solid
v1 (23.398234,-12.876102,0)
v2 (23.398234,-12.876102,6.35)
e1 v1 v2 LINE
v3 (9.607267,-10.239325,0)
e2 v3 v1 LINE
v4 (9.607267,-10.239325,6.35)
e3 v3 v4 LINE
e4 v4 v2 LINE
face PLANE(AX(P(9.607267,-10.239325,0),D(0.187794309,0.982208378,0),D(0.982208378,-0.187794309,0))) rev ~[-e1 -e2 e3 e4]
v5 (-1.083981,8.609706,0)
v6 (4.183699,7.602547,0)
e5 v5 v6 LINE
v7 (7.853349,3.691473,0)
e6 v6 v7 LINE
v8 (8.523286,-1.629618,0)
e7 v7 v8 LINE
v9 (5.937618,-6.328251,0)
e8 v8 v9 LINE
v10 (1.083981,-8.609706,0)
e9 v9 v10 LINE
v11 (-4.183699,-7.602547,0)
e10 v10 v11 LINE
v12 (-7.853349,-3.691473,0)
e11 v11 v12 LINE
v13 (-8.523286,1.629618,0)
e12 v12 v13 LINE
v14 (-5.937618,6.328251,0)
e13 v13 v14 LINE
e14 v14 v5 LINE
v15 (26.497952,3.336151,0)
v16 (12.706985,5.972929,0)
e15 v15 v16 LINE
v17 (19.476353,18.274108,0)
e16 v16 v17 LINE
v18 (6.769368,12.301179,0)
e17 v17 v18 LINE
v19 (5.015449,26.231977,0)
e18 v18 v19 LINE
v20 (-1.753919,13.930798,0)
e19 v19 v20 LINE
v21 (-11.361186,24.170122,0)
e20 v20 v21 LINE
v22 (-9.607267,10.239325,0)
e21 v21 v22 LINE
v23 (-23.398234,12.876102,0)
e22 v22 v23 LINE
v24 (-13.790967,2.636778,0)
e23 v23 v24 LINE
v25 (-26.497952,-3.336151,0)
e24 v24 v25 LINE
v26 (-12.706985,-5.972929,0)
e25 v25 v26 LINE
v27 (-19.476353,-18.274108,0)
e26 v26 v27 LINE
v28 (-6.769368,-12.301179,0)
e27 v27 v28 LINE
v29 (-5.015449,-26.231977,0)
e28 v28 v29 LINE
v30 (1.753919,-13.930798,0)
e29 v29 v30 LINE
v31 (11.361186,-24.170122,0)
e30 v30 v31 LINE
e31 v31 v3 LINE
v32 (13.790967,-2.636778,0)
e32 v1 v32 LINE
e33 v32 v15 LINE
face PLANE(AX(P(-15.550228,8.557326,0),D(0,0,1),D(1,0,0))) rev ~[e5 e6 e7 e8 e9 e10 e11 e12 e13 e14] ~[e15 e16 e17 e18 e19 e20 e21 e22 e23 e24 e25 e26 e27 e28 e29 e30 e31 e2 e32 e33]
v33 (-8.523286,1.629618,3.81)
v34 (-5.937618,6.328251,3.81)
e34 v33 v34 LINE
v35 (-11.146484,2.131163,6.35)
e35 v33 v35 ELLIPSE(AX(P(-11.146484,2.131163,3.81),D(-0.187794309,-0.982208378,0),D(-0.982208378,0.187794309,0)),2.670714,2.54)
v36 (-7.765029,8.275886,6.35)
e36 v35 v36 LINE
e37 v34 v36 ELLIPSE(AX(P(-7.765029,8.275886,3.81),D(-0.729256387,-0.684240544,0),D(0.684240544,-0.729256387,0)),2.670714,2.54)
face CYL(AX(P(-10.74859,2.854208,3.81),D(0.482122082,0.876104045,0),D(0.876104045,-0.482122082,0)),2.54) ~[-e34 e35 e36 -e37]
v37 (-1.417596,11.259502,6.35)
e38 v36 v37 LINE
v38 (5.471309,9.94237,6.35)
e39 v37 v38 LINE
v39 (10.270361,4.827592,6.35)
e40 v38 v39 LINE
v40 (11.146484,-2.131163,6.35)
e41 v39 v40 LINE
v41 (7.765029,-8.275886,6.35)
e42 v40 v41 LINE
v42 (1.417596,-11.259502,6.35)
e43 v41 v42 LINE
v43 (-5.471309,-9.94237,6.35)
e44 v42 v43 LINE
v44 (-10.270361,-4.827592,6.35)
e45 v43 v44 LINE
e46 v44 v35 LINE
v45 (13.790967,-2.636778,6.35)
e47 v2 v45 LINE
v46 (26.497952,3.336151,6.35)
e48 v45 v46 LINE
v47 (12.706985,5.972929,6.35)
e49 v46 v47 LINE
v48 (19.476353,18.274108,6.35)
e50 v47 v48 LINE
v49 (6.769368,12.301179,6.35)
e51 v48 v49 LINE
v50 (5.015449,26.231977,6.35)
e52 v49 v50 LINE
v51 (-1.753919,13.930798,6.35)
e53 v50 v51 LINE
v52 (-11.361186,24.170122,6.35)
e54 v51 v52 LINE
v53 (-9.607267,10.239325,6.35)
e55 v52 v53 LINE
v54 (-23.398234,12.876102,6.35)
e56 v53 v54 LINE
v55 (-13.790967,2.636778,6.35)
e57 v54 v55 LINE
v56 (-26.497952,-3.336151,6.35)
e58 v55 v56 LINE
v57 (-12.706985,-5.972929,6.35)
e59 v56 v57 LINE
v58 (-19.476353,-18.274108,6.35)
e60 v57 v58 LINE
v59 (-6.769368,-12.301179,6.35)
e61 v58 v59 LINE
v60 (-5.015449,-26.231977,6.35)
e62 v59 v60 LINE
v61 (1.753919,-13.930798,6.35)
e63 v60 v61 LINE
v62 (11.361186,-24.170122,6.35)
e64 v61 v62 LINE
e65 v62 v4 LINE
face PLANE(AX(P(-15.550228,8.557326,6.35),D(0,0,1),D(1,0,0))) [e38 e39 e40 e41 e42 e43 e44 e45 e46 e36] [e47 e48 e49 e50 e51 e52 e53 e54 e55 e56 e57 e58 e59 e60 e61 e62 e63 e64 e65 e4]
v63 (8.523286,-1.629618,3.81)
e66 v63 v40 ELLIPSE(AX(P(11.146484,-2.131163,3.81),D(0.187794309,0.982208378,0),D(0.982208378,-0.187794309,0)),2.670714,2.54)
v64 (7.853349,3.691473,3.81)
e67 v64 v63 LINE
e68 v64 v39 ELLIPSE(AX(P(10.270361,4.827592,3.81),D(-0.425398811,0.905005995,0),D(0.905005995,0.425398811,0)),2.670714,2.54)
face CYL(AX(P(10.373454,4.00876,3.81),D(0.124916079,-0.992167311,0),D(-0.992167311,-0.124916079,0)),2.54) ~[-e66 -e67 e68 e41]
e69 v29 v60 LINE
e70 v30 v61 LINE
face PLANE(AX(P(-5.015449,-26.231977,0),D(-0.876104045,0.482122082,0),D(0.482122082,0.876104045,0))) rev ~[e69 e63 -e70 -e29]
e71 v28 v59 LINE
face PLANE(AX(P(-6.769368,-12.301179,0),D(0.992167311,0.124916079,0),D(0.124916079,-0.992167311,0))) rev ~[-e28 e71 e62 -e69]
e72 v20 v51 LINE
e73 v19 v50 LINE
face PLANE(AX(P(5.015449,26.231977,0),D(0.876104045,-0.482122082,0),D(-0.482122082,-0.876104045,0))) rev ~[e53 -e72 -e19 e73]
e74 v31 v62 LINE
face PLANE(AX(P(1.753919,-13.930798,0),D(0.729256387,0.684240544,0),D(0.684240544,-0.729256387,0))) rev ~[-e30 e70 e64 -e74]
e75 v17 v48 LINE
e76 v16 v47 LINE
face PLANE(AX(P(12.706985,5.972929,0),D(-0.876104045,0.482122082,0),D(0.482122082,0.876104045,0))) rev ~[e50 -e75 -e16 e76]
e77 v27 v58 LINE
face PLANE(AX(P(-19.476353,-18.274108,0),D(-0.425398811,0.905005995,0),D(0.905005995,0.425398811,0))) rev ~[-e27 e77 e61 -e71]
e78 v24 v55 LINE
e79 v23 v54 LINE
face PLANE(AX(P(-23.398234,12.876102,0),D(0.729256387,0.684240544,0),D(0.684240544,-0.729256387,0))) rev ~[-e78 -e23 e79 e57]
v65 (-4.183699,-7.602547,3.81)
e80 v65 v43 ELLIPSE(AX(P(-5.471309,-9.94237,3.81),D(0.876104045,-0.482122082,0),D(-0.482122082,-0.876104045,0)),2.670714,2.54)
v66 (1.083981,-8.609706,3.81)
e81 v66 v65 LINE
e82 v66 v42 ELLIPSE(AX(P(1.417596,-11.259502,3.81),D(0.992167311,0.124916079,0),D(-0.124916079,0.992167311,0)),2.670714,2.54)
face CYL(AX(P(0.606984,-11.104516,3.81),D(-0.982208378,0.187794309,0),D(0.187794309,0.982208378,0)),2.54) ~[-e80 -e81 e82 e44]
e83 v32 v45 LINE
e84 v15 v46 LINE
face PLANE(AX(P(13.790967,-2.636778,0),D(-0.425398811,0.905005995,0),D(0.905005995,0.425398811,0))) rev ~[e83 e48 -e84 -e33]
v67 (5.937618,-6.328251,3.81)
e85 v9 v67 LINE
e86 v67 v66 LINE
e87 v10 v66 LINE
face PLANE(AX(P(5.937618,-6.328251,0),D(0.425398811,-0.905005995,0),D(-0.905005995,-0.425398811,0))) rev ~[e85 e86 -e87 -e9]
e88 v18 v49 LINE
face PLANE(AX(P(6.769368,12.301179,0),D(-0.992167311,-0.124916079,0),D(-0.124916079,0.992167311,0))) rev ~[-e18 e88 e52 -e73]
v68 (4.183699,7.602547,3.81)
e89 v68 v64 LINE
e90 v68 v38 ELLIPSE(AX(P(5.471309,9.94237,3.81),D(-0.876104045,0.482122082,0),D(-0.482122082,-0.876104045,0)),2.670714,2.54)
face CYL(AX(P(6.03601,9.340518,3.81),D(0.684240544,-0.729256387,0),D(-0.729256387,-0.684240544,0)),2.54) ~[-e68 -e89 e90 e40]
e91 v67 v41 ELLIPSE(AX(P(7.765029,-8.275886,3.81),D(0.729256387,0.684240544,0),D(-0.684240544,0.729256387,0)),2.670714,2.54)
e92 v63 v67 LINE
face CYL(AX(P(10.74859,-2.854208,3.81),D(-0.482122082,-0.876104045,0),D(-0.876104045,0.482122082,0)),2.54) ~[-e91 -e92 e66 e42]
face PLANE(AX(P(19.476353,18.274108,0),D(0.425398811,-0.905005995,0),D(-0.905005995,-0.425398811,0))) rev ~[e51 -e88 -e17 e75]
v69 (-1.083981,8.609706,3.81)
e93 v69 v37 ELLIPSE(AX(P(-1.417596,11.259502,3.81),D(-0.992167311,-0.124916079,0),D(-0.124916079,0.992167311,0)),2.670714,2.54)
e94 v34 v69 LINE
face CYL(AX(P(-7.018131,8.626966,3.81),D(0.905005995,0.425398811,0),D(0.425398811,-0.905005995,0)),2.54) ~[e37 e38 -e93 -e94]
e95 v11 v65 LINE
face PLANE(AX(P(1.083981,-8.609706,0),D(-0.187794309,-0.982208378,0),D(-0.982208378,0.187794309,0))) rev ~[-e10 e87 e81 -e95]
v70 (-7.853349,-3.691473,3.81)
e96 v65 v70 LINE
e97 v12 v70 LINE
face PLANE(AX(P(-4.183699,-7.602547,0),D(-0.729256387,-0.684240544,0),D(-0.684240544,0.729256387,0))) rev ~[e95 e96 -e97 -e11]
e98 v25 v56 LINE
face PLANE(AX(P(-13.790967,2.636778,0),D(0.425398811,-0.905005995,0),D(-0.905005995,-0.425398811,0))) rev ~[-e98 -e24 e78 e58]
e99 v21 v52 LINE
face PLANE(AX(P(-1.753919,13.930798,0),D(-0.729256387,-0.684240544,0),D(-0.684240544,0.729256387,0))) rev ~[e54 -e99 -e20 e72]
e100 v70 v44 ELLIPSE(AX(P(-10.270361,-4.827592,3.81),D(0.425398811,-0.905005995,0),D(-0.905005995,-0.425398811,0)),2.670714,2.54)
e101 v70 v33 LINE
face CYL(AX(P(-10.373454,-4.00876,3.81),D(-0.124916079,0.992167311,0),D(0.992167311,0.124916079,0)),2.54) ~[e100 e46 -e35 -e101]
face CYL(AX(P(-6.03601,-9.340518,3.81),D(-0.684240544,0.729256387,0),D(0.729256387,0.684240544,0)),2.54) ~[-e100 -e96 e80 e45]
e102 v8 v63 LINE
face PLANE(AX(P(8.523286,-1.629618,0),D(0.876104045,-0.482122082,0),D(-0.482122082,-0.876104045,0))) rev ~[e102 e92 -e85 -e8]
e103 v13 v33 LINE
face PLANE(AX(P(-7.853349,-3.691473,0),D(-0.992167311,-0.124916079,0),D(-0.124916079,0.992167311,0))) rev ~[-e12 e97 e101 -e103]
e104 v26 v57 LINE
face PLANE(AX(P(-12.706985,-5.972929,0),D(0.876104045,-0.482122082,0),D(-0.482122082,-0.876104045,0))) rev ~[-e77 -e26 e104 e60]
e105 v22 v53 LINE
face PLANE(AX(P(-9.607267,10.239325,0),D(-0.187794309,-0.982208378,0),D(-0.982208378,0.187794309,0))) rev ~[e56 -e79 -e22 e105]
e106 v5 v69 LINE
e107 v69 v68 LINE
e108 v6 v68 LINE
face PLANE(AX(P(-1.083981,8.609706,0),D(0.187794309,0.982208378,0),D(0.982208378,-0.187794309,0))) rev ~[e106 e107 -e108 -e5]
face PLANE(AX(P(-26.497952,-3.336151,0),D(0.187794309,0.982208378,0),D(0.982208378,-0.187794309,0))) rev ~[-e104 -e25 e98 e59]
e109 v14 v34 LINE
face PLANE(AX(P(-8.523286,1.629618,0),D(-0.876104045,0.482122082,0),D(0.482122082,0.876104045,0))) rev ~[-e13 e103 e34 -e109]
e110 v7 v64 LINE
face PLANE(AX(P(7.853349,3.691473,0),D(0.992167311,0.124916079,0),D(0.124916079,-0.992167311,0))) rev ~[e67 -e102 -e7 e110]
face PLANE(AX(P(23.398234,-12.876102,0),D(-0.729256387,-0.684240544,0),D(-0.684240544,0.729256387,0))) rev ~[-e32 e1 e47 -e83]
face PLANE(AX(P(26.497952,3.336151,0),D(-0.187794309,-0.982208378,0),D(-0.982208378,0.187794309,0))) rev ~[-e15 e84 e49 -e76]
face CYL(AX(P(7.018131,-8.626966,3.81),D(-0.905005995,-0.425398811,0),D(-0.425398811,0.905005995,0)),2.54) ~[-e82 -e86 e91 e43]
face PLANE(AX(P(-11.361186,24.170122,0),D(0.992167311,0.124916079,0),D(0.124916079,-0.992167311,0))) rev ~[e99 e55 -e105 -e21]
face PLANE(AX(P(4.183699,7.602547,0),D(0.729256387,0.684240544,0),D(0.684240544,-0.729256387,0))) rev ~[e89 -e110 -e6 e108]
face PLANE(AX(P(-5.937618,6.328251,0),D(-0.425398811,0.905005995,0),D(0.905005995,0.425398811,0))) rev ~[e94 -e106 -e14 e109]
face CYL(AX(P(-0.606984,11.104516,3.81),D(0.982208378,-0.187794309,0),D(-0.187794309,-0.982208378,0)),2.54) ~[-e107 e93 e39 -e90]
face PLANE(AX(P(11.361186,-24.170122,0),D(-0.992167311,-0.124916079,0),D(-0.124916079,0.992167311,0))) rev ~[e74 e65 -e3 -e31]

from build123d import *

# Parameters (mm, degrees)
F1_DEPTH = 6.35
F2_R     = 2.54


with BuildPart() as f1:
    # F0 (on Top) → F1 (new body)
    with BuildSketch(Plane.XY):
        Polygon((-9.6072673019, 10.2393246088), (-23.3982338171, 12.8761021934), (-13.7909665152, 2.6367775846), (-8.9373300414, 4.9182333953), align=None)
        Polygon((-8.9373300414, 4.9182333953), (-13.7909665152, 2.6367775846), (-10.1213169449, -1.2742963942), (-8.5232860441, 1.629618168), align=None)
        Polygon((-13.7909665152, 2.6367775846), (-26.4979517727, -3.3361512716), (-12.7069852575, -5.9729288562), (-10.1213169449, -1.2742963942), align=None)
        Polygon((-12.7069852575, -5.9729288562), (-19.4763527833, -18.2741083425), (-6.7693675259, -12.3011794863), (-7.4393047864, -6.9800882727), align=None)
        Polygon((-6.7693675259, -12.3011794863), (-5.0154490076, -26.2319771406), (1.7539185182, -13.9307976543), (-1.9157310521, -10.0197236756), align=None)
        Polygon((1.7539185182, -13.9307976543), (11.3611858201, -24.1701222631), (9.6072673019, -10.2393246088), (4.3395868308, -9.2321651923), align=None)
        Polygon((9.6072673019, -10.2393246088), (23.3982338171, -12.8761021934), (13.7909665152, -2.6367775846), (8.9373300414, -4.9182333953), align=None)
        Polygon((13.7909665152, -2.6367775846), (26.4979517727, 3.3361512716), (12.7069852575, 5.9729288562), (10.1213169449, 1.2742963942), align=None)
        Polygon((12.7069852575, 5.9729288562), (19.4763527833, 18.2741083425), (6.7693675259, 12.3011794863), (7.4393047864, 6.9800882727), align=None)
        Polygon((6.7693675259, 12.3011794863), (5.0154490076, 26.2319771406), (-1.7539185182, 13.9307976543), (1.9157310521, 10.0197236756), align=None)
        Polygon((-1.7539185182, 13.9307976543), (-11.3611858201, 24.1701222631), (-9.6072673019, 10.2393246088), (-4.3395868308, 9.2321651923), align=None)
        Polygon((-4.3395868308, 9.2321651923), (-9.6072673019, 10.2393246088), (-8.9373300414, 4.9182333953), (-5.9376177316, 6.3282506301), align=None)
        Polygon((1.9157310521, 10.0197236756), (-1.7539185182, 13.9307976543), (-4.3395868308, 9.2321651923), (-1.0839812578, 8.6097064408), align=None)
        Polygon((7.4393047864, 6.9800882727), (6.7693675259, 12.3011794863), (1.9157310521, 10.0197236756), (4.1836992133, 7.6025470242), align=None)
        Polygon((10.1213169449, 1.2742963942), (12.7069852575, 5.9729288562), (7.4393047864, 6.9800882727), (7.8533487837, 3.6914730455), align=None)
        Polygon((4.3395868308, -9.2321651923), (9.6072673019, -10.2393246088), (8.9373300414, -4.9182333953), (5.9376177316, -6.3282506301), align=None)
        Polygon((-1.9157310521, -10.0197236756), (1.7539185182, -13.9307976543), (4.3395868308, -9.2321651923), (1.0839812578, -8.6097064408), align=None)
        Polygon((-7.4393047864, -6.9800882727), (-6.7693675259, -12.3011794863), (-1.9157310521, -10.0197236756), (-4.1836992133, -7.6025470242), align=None)
        Polygon((-10.1213169449, -1.2742963942), (-12.7069852575, -5.9729288562), (-7.4393047864, -6.9800882727), (-7.8533487837, -3.6914730455), align=None)
        Polygon((-4.1836992133, -7.6025470242), (-1.9157310521, -10.0197236756), (1.0839812578, -8.6097064408), align=None)
        Polygon((1.0839812578, -8.6097064408), (4.3395868308, -9.2321651923), (5.9376177316, -6.3282506301), align=None)
        Polygon((5.9376177316, -6.3282506301), (8.9373300414, -4.9182333953), (8.5232860441, -1.629618168), align=None)
        Polygon((7.8533487837, 3.6914730455), (7.4393047864, 6.9800882727), (4.1836992133, 7.6025470242), align=None)
        Polygon((8.9373300414, -4.9182333953), (13.7909665152, -2.6367775846), (10.1213169449, 1.2742963942), (8.5232860441, -1.629618168), align=None)
        Polygon((8.5232860441, -1.629618168), (10.1213169449, 1.2742963942), (7.8533487837, 3.6914730455), align=None)
        Polygon((4.1836992133, 7.6025470242), (1.9157310521, 10.0197236756), (-1.0839812578, 8.6097064408), align=None)
        Polygon((-1.0839812578, 8.6097064408), (-4.3395868308, 9.2321651923), (-5.9376177316, 6.3282506301), align=None)
        Polygon((-8.5232860441, 1.629618168), (-10.1213169449, -1.2742963942), (-7.8533487837, -3.6914730455), align=None)
        Polygon((-7.8533487837, -3.6914730455), (-7.4393047864, -6.9800882727), (-4.1836992133, -7.6025470242), align=None)
        Polygon((-5.9376177316, 6.3282506301), (-8.9373300414, 4.9182333953), (-8.5232860441, 1.629618168), align=None)
    extrude(amount=F1_DEPTH)

    # F2
    f2_edges = [f1.edges().sort_by_distance(p)[0] for p in [
        (6.018524, 5.64701, 6.35),
        (8.188317, 1.030927, 6.35),
        (-1.549859, -8.106127, 6.35),
        (-6.018524, -5.64701, 6.35),
        (-8.188317, -1.030927, 6.35),
        (-3.510799, 7.468979, 6.35),
        (1.549859, 8.106127, 6.35),
        (3.510799, -7.468979, 6.35),
        (7.230452, -3.978934, 6.35),
        (-7.230452, 3.978934, 6.35),
    ]]
    fillet(f2_edges, radius=F2_R)


solid = f1.part
